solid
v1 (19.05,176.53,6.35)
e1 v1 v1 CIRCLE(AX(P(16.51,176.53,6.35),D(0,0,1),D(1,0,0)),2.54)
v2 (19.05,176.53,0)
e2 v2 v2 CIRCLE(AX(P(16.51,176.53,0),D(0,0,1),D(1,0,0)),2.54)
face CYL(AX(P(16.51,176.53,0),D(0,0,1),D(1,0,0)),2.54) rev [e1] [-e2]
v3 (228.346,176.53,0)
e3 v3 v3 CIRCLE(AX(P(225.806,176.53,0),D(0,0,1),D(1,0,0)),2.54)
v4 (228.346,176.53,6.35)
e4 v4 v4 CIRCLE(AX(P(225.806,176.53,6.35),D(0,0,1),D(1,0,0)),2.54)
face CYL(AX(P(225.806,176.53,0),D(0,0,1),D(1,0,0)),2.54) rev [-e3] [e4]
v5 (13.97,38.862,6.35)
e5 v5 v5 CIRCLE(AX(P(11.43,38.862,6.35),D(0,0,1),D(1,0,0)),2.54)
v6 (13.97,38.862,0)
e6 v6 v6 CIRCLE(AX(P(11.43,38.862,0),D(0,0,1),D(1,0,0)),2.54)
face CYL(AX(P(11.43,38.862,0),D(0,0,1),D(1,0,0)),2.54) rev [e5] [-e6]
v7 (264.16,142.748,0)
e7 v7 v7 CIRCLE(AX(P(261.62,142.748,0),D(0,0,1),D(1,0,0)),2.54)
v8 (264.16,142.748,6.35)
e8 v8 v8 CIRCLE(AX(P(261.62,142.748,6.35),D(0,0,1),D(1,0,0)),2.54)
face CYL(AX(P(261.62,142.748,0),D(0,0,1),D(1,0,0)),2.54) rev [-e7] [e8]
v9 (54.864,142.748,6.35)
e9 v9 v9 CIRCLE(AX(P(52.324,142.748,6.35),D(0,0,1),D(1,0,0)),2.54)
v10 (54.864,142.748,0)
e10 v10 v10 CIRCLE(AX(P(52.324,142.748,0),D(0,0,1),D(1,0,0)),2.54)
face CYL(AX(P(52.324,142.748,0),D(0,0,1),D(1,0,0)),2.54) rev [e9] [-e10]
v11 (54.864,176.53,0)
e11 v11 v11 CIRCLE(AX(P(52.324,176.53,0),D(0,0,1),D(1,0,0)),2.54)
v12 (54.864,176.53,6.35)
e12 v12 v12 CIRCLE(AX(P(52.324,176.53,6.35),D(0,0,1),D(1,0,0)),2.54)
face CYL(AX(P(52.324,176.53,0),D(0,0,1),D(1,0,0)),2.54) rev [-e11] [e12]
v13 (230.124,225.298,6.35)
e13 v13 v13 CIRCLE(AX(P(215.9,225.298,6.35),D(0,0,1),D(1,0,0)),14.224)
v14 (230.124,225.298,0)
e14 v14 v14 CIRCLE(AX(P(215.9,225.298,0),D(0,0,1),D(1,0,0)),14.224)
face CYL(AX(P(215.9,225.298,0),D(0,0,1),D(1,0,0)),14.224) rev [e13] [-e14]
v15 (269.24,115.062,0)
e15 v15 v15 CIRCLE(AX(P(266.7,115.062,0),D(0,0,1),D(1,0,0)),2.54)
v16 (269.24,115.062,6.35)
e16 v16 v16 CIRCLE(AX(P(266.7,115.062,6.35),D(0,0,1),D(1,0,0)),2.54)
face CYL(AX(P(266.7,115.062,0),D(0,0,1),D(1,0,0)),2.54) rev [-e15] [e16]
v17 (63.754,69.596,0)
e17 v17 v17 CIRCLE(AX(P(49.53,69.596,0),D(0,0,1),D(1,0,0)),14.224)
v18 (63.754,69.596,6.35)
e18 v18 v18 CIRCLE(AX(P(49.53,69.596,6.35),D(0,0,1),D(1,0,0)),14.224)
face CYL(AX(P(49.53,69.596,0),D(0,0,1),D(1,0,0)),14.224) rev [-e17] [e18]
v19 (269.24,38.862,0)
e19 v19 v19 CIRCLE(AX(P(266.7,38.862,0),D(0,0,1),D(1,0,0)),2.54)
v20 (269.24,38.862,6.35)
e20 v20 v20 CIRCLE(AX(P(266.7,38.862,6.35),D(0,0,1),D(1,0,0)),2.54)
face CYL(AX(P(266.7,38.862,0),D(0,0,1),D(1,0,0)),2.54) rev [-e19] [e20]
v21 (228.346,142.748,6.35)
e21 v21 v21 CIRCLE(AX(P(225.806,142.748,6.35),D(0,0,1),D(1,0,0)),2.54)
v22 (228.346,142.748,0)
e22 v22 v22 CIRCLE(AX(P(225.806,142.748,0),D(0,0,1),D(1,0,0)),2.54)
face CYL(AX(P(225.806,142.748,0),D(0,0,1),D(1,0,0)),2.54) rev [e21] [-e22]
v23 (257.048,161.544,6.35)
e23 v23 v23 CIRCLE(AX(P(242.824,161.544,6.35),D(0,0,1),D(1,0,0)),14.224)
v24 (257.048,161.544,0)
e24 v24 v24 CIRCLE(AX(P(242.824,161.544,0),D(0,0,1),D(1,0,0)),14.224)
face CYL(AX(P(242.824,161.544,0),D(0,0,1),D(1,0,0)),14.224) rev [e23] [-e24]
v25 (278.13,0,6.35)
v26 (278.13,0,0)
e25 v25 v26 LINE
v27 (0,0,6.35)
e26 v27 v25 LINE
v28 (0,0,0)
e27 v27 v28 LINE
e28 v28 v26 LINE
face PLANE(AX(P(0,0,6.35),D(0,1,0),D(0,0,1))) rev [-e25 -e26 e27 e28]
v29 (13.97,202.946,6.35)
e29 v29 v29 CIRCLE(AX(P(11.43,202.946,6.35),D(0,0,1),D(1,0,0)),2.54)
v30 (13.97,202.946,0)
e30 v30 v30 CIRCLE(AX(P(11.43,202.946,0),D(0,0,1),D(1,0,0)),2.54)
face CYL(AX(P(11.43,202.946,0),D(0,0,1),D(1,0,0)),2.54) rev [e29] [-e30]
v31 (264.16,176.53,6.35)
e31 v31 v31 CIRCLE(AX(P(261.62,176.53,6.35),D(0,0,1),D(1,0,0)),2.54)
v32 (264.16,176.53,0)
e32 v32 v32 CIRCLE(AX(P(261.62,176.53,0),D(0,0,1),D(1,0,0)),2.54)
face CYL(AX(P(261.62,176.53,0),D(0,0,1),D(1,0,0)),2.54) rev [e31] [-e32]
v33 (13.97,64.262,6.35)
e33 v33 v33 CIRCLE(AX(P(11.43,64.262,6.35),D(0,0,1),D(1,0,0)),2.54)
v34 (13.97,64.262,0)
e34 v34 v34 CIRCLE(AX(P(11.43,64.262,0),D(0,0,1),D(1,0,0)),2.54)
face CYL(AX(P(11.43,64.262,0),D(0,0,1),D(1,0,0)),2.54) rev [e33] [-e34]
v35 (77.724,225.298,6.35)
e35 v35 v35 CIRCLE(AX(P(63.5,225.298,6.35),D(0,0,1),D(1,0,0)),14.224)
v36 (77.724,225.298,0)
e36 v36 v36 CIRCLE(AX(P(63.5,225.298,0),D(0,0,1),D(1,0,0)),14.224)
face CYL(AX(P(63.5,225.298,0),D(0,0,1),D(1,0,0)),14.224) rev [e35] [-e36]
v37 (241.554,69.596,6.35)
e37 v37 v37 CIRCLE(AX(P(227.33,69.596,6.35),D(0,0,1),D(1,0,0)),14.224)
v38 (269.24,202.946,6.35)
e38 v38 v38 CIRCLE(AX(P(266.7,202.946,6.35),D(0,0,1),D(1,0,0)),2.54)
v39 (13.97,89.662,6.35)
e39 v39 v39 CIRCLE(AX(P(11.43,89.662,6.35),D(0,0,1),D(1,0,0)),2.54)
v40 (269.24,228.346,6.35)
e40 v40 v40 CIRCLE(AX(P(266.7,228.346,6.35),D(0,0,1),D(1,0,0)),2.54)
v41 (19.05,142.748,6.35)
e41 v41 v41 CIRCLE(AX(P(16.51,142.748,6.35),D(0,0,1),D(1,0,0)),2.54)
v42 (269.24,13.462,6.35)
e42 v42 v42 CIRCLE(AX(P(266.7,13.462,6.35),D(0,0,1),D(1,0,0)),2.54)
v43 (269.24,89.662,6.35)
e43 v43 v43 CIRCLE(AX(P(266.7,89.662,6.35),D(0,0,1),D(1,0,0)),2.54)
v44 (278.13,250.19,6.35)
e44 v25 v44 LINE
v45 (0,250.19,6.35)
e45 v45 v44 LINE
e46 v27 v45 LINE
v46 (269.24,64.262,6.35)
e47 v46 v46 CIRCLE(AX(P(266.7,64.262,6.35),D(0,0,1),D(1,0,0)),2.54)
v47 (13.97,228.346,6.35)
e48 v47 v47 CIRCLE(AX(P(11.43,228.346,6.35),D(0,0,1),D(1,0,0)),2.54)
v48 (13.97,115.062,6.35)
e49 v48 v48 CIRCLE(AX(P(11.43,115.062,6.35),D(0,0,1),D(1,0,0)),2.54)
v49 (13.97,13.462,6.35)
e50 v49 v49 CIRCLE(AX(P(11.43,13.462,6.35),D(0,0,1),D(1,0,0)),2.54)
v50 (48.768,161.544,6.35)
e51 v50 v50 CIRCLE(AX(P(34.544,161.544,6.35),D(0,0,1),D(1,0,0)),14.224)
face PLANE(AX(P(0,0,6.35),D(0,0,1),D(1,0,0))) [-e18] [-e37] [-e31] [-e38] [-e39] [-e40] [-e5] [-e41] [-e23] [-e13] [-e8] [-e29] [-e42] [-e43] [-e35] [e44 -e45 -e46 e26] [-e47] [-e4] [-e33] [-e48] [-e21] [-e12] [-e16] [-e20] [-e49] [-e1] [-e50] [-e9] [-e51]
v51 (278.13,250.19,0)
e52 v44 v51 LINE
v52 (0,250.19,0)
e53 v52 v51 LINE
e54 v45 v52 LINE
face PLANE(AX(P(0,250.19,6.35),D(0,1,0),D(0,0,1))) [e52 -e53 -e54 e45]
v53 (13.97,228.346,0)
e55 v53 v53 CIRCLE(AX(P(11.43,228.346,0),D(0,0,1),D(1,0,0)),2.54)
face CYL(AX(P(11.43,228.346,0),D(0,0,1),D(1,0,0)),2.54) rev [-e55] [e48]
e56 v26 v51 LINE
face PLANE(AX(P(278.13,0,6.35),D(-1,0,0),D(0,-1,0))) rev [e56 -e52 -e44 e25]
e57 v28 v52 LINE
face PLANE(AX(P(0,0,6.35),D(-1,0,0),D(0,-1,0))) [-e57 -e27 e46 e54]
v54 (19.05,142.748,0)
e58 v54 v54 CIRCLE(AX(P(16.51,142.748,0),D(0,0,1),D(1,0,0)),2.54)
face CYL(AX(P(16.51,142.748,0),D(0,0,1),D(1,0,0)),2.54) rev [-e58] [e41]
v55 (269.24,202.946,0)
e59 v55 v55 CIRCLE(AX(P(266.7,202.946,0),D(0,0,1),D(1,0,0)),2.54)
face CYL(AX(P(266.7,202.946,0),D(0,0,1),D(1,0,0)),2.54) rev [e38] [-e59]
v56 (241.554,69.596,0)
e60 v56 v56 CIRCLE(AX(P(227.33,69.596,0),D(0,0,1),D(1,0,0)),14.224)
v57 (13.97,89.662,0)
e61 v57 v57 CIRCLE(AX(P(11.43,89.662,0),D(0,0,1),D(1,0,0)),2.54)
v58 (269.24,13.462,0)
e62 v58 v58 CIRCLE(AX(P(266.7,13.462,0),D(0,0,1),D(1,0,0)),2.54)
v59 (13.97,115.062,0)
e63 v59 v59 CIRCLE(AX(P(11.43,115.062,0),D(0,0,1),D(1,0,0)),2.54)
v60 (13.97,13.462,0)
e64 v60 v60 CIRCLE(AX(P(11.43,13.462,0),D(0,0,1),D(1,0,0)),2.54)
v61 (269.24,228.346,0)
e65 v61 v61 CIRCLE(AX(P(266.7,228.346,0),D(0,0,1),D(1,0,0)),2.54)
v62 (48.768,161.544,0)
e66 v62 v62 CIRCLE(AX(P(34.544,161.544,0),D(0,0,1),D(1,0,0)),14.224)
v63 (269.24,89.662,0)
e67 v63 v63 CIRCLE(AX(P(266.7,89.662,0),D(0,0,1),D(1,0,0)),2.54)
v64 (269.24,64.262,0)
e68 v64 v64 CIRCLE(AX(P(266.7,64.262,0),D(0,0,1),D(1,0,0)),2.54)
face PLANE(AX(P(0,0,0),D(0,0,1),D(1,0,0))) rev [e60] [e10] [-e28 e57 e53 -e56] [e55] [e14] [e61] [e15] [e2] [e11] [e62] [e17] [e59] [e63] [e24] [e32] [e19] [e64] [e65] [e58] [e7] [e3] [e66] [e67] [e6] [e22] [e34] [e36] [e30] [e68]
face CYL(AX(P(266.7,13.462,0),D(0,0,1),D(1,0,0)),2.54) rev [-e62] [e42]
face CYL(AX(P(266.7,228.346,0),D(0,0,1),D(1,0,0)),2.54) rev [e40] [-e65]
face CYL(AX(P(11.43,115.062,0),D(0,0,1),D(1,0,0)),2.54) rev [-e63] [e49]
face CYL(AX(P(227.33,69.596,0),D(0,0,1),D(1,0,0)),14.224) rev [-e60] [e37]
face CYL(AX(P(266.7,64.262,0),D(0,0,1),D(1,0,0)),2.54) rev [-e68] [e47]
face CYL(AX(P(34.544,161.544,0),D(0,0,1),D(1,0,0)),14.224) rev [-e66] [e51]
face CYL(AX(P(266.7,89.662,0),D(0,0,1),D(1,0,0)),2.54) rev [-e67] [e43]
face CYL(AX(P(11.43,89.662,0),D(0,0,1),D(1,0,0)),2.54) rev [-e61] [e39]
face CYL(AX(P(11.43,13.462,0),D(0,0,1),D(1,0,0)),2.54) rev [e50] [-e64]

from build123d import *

# Parameters (mm, degrees)
SKETCH1_W               = 278.13
SKETCH1_H               = 250.19
BOSS_EXTRUDE1_DEPTH     = 6.35
CUT_EXTRUDE2_DEPTH      = 375.154587704
CUT_EXTRUDE2_DEPTH_BACK = 375.154587704
SKETCH3_R               = 14.224
CUT_EXTRUDE4_DEPTH      = 375.154587704
CUT_EXTRUDE4_DEPTH_BACK = 375.154587704
SKETCH5_R               = 2.54
CUT_EXTRUDE5_DEPTH      = 375.154587704
CUT_EXTRUDE5_DEPTH_BACK = 375.154587704
SKETCH7_R               = 2.54


with BuildPart() as part:
    # Sketch1 → Boss-Extrude1 (new body)
    with BuildSketch(Plane.XY):
        with Locations((139.065, 125.095)):
            Rectangle(SKETCH1_W, SKETCH1_H)
    extrude(amount=BOSS_EXTRUDE1_DEPTH)

    # Sketch3 → Cut-Extrude2 (cut, two sides: drawn at the far end of the back side and taken through both)
    with BuildSketch(Plane.XY.offset(6.35).offset(-CUT_EXTRUDE2_DEPTH_BACK)):
        with Locations((63.5, 225.298)):
            Circle(SKETCH3_R)
        with Locations((215.9, 225.298)):
            Circle(SKETCH3_R)
        with Locations((34.544, 161.544)):
            Circle(SKETCH3_R)
        with Locations((242.824, 161.544)):
            Circle(SKETCH3_R)
        with Locations((49.53, 69.596)):
            Circle(SKETCH3_R)
        with Locations((227.33, 69.596)):
            Circle(SKETCH3_R)
    extrude(amount=CUT_EXTRUDE2_DEPTH + CUT_EXTRUDE2_DEPTH_BACK, mode=Mode.SUBTRACT)

    # Sketch5 → Cut-Extrude4 (cut, two sides: drawn at the far end of the back side and taken through both)
    with BuildSketch(Plane.XY.offset(6.35).offset(-CUT_EXTRUDE4_DEPTH_BACK)):
        with Locations((11.43, 228.346)):
            Circle(SKETCH5_R)
        with Locations((11.43, 202.946)):
            Circle(SKETCH5_R)
        with Locations((266.7, 202.946)):
            Circle(SKETCH5_R)
        with Locations((266.7, 228.346)):
            Circle(SKETCH5_R)
        with Locations((11.43, 115.062)):
            Circle(SKETCH5_R)
        with Locations((11.43, 89.662)):
            Circle(SKETCH5_R)
        with Locations((11.43, 64.262)):
            Circle(SKETCH5_R)
        with Locations((11.43, 38.862)):
            Circle(SKETCH5_R)
        with Locations((11.43, 13.462)):
            Circle(SKETCH5_R)
        with Locations((266.7, 115.062)):
            Circle(SKETCH5_R)
        with Locations((266.7, 89.662)):
            Circle(SKETCH5_R)
        with Locations((266.7, 64.262)):
            Circle(SKETCH5_R)
        with Locations((266.7, 38.862)):
            Circle(SKETCH5_R)
        with Locations((266.7, 13.462)):
            Circle(SKETCH5_R)
    extrude(amount=CUT_EXTRUDE4_DEPTH + CUT_EXTRUDE4_DEPTH_BACK, mode=Mode.SUBTRACT)

    # Sketch7 → Cut-Extrude5 (cut, two sides: drawn at the far end of the back side and taken through both)
    with BuildSketch(Plane.XY.offset(6.35).offset(-CUT_EXTRUDE5_DEPTH_BACK)):
        with Locations((16.51, 176.53)):
            Circle(SKETCH7_R)
        with Locations((16.51, 142.748)):
            Circle(SKETCH7_R)
        with Locations((52.324, 142.748)):
            Circle(SKETCH7_R)
        with Locations((52.324, 176.53)):
            Circle(SKETCH7_R)
        with Locations((225.806, 176.53)):
            Circle(SKETCH7_R)
        with Locations((261.62, 176.53)):
            Circle(SKETCH7_R)
        with Locations((225.806, 142.748)):
            Circle(SKETCH7_R)
        with Locations((261.62, 142.748)):
            Circle(SKETCH7_R)
    extrude(amount=CUT_EXTRUDE5_DEPTH + CUT_EXTRUDE5_DEPTH_BACK, mode=Mode.SUBTRACT)


solid = part.part
